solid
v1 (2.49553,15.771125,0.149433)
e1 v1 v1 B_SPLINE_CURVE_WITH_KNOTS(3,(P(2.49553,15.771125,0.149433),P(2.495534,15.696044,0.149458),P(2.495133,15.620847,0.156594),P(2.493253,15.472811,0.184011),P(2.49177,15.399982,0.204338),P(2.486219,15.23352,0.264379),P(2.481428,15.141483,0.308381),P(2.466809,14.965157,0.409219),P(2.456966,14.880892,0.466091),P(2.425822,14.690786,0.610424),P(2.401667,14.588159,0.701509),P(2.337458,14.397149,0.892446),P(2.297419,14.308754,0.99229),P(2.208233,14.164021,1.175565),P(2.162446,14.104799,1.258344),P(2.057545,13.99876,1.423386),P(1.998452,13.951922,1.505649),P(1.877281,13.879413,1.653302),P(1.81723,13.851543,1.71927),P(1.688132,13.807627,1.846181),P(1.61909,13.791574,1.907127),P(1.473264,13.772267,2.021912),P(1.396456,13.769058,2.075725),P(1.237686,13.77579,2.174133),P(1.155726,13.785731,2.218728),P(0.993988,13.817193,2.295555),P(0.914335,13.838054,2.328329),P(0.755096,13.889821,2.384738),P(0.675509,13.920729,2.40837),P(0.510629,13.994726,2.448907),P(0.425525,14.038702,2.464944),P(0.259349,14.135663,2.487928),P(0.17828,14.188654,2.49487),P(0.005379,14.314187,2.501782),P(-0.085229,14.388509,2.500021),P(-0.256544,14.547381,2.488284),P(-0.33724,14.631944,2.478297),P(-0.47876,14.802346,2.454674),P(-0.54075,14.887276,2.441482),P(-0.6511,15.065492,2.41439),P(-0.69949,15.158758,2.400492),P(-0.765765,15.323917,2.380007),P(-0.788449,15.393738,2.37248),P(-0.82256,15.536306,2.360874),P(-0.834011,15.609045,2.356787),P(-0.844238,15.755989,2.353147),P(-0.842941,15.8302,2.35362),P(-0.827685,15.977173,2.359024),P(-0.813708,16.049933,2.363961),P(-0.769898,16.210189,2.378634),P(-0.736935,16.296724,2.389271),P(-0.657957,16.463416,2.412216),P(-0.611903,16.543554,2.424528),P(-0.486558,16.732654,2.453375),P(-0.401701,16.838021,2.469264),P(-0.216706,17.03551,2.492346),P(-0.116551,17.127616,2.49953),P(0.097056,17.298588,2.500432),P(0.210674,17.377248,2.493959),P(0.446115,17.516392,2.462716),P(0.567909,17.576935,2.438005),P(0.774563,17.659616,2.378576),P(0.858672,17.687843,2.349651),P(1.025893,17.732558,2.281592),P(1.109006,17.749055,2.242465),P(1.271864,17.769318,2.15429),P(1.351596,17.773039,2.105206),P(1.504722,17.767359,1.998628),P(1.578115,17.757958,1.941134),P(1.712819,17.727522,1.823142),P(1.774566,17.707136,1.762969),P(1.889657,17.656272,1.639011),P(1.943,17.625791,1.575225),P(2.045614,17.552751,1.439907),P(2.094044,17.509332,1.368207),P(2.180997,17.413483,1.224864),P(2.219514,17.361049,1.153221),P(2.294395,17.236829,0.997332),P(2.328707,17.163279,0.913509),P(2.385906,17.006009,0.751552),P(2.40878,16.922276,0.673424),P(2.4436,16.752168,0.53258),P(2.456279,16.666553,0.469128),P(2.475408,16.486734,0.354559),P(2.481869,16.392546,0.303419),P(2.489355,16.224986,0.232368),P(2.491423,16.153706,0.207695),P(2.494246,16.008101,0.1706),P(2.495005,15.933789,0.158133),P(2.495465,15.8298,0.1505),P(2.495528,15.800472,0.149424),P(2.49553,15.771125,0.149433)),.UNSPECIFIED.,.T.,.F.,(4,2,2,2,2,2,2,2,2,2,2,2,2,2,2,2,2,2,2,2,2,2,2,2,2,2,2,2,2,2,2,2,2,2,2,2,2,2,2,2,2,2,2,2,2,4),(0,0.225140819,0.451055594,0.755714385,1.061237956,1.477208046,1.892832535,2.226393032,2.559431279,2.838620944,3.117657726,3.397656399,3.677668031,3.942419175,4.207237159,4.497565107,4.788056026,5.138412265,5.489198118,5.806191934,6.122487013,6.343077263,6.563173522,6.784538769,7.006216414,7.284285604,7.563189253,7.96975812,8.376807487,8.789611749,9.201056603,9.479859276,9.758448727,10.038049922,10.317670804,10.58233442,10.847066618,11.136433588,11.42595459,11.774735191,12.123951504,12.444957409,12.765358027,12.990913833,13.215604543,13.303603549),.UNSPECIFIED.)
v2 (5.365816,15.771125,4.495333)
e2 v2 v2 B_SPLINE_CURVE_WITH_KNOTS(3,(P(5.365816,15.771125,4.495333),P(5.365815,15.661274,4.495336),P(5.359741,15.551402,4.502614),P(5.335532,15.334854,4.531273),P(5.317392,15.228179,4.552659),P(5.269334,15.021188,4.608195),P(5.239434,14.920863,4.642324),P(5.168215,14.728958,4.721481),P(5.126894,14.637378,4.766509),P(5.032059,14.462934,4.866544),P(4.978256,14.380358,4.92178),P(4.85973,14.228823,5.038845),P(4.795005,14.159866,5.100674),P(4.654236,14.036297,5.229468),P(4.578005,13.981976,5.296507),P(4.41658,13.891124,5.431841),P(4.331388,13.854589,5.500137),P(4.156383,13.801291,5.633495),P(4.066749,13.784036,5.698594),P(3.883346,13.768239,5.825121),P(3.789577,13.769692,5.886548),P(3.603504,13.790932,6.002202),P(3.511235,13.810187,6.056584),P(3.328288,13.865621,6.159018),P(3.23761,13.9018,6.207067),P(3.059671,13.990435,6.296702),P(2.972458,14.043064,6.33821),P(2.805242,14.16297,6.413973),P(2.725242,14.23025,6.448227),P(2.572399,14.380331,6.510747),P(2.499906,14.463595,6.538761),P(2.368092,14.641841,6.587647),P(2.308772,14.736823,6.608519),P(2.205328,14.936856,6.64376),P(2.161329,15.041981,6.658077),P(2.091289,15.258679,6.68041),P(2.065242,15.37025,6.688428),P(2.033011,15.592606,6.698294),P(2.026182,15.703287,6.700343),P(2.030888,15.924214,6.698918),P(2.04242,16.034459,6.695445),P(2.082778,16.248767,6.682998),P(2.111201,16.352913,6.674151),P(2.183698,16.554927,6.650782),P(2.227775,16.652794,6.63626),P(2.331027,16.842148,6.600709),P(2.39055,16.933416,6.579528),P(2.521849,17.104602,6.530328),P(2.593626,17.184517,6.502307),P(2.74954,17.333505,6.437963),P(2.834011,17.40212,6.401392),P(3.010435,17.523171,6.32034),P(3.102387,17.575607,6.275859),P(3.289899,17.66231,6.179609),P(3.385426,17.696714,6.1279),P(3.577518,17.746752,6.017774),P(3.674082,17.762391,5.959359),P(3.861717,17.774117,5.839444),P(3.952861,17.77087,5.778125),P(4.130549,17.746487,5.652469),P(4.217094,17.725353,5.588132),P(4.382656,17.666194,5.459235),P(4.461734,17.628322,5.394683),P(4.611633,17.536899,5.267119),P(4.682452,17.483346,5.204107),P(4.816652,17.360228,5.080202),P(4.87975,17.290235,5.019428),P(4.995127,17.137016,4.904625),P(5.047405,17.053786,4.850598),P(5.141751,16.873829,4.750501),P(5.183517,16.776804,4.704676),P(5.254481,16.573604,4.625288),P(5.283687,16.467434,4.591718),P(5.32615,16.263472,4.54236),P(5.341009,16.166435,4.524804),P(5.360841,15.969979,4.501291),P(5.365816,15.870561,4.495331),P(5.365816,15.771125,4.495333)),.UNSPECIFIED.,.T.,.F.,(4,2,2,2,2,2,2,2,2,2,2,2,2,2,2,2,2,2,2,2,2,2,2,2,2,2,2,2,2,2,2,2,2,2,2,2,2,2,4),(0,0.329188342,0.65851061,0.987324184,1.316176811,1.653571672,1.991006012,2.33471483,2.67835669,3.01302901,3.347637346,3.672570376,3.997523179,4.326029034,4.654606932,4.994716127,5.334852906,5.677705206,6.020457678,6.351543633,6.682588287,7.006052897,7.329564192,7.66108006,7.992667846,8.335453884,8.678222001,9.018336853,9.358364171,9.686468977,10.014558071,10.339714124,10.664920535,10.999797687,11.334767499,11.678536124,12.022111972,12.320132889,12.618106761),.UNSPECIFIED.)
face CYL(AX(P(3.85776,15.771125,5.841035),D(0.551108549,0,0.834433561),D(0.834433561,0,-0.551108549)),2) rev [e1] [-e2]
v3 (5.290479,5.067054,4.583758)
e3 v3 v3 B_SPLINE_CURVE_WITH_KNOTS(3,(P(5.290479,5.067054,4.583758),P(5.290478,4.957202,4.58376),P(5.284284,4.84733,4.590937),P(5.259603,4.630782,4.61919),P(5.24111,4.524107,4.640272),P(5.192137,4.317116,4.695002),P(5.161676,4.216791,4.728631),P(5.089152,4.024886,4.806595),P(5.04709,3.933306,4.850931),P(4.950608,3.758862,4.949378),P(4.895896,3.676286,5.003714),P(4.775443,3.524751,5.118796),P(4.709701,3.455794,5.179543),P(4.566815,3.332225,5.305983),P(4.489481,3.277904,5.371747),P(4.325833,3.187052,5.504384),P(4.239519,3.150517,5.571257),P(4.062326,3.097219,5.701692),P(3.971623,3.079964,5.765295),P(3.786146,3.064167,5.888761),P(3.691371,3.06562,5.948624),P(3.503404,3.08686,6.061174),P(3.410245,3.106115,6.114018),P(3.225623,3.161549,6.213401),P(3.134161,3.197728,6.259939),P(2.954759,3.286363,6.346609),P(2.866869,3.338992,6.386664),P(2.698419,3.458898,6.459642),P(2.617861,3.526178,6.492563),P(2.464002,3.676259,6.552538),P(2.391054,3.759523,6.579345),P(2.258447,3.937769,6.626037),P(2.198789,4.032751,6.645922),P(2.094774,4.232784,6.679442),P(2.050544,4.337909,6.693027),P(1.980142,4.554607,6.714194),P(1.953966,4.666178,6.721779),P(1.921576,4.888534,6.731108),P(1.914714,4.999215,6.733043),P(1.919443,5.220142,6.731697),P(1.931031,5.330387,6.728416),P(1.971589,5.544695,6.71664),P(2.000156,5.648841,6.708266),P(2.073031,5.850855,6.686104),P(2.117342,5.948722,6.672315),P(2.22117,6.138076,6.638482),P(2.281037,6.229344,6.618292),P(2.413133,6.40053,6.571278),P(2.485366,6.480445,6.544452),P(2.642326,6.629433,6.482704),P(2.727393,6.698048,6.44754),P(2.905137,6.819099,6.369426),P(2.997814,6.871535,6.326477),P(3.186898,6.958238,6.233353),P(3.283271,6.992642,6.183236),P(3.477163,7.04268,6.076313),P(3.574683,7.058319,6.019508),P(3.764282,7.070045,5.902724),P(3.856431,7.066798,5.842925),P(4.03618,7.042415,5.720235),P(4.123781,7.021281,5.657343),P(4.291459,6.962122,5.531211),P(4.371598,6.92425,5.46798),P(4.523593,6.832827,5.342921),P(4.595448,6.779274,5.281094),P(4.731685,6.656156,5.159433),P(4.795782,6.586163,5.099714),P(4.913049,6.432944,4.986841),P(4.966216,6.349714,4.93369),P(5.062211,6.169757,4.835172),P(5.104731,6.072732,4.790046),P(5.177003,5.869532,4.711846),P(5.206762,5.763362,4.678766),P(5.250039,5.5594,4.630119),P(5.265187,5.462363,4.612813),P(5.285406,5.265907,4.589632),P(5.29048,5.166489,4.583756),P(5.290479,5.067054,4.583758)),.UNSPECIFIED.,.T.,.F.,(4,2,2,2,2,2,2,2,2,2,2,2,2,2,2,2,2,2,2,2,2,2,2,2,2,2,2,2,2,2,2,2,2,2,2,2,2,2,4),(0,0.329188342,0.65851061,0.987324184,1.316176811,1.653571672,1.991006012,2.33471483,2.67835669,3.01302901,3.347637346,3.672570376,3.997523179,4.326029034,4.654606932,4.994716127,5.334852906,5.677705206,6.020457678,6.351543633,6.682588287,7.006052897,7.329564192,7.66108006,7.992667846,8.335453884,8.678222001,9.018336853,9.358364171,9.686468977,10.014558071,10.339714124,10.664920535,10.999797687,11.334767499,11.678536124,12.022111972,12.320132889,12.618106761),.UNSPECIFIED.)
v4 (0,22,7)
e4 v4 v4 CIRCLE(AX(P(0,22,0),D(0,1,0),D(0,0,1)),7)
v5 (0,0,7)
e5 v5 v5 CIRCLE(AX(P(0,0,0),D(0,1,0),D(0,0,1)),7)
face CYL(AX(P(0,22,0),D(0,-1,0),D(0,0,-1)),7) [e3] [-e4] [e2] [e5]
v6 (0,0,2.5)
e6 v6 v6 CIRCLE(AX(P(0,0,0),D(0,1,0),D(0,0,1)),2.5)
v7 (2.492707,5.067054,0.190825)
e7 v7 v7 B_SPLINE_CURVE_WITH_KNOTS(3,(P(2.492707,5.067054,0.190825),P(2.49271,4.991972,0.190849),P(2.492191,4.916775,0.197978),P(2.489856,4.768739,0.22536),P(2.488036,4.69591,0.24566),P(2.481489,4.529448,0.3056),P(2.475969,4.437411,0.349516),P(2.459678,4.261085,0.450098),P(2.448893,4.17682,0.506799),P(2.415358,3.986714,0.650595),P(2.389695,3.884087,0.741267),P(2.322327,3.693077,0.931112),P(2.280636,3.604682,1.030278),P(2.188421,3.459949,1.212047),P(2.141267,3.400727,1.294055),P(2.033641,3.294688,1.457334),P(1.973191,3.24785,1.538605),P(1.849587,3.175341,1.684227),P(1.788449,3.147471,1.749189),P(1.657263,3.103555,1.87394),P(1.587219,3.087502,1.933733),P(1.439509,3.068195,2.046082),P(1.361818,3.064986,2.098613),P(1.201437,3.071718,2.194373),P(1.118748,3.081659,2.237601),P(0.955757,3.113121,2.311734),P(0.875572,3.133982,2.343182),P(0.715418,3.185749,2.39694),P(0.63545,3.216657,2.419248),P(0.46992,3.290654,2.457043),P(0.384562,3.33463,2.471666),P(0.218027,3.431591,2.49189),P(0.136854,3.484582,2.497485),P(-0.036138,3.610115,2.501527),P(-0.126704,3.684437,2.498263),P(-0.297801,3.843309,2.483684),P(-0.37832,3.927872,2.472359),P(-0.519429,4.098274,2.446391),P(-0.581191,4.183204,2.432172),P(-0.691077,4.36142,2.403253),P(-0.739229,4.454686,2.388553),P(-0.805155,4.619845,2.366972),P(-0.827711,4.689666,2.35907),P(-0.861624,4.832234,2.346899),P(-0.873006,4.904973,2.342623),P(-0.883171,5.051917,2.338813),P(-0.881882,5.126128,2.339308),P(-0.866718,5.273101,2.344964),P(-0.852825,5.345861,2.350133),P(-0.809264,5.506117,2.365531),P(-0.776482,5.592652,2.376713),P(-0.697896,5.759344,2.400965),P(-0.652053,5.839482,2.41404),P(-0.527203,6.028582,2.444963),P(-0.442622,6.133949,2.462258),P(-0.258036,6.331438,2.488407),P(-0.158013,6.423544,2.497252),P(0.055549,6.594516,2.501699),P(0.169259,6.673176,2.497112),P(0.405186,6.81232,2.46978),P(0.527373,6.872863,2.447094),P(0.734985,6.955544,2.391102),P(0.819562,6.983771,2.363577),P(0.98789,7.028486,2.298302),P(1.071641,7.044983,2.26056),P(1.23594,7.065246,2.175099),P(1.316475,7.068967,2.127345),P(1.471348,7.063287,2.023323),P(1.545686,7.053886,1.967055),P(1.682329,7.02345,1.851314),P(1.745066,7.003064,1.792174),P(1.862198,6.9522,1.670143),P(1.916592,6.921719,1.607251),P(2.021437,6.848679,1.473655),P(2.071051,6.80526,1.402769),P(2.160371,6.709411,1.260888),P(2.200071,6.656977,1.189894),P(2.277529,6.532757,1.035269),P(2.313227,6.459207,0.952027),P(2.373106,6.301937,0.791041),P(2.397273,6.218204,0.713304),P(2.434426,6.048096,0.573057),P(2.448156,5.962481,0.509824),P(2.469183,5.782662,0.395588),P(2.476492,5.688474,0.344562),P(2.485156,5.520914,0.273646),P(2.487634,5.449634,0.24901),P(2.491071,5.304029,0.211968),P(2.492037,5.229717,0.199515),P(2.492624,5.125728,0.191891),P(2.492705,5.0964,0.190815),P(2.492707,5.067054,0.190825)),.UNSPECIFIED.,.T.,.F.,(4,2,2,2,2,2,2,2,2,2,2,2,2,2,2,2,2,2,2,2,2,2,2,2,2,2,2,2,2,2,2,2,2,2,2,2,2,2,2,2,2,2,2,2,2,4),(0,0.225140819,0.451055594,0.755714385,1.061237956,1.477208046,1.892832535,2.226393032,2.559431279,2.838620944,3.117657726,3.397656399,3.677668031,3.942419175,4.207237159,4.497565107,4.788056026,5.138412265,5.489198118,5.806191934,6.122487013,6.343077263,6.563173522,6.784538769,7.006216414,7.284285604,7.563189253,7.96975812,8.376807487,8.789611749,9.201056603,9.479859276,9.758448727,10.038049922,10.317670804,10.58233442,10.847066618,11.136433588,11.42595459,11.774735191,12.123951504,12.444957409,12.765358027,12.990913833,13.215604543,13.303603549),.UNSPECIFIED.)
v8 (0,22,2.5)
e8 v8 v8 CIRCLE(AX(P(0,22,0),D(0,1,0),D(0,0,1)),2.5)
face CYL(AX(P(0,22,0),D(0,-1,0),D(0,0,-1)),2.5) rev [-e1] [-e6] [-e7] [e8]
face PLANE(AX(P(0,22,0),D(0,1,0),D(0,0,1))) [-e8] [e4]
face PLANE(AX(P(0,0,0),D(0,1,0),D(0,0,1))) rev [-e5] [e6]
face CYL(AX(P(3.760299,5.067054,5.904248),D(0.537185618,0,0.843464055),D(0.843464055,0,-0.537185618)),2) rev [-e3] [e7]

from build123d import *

# Parameters (mm, degrees)
SKETCH_1_R           = 7
SKETCH_1_R_2         = 2.5
EXTRUDE_1_DEPTH      = 22
MM_1_REACH           = 25.055
MM_1_BORE_R          = 2
MM_1_ON_FACE_2_REACH = 25.854
MM_1_BORE_2_R        = 2


with BuildPart() as part:
    # 草图1 → 凸台-拉伸1 (new body)
    with BuildSketch(Plane(origin=(0, 0, 0), x_dir=(1, 0, 0), z_dir=(0, 1, 0))):
        with Locations(Location((0, 0, 0), (0, 0, 270))):
            Circle(SKETCH_1_R)
        with Locations(Location((0, 0, 0), (0, 0, 270))):
            Circle(SKETCH_1_R_2, mode=Mode.SUBTRACT)
    extrude(amount=EXTRUDE_1_DEPTH)

    # 大小mm 暗销孔1 bore (on position points) → 大小mm 暗销孔1 (cut, up to next)
    with BuildSketch(Plane(origin=(3.857759844, 15.771125488, 5.841034924), x_dir=(0.834433560595, 0, -0.551108549156), z_dir=(0.551108549156, 0, 0.834433560595)), mode=Mode.PRIVATE) as mm_1_sk1:
        Circle(MM_1_BORE_R)
    mm_1_tool1 = extrude(mm_1_sk1.sketch, amount=-MM_1_REACH, mode=Mode.PRIVATE) & part.part
    add(mm_1_tool1.solids().sort_by_distance((3.85776, 15.771125, 5.841035))[0], mode=Mode.SUBTRACT)

    # 大小mm 暗销孔1 bore 2 (on position points) → 大小mm 暗销孔1 on face 2 (cut, up to next)
    with BuildSketch(Plane(origin=(3.760299327, 5.067053502, 5.904248383), x_dir=(0.843463865935, 0, -0.537185914616), z_dir=(0.537185914616, 0, 0.843463865935)), mode=Mode.PRIVATE) as mm_1_on_face_2_sk1:
        Circle(MM_1_BORE_2_R)
    mm_1_on_face_2_tool1 = extrude(mm_1_on_face_2_sk1.sketch, amount=-MM_1_ON_FACE_2_REACH, mode=Mode.PRIVATE) & part.part
    add(mm_1_on_face_2_tool1.solids().sort_by_distance((3.760299, 5.067054, 5.904248))[0], mode=Mode.SUBTRACT)


solid = part.part
